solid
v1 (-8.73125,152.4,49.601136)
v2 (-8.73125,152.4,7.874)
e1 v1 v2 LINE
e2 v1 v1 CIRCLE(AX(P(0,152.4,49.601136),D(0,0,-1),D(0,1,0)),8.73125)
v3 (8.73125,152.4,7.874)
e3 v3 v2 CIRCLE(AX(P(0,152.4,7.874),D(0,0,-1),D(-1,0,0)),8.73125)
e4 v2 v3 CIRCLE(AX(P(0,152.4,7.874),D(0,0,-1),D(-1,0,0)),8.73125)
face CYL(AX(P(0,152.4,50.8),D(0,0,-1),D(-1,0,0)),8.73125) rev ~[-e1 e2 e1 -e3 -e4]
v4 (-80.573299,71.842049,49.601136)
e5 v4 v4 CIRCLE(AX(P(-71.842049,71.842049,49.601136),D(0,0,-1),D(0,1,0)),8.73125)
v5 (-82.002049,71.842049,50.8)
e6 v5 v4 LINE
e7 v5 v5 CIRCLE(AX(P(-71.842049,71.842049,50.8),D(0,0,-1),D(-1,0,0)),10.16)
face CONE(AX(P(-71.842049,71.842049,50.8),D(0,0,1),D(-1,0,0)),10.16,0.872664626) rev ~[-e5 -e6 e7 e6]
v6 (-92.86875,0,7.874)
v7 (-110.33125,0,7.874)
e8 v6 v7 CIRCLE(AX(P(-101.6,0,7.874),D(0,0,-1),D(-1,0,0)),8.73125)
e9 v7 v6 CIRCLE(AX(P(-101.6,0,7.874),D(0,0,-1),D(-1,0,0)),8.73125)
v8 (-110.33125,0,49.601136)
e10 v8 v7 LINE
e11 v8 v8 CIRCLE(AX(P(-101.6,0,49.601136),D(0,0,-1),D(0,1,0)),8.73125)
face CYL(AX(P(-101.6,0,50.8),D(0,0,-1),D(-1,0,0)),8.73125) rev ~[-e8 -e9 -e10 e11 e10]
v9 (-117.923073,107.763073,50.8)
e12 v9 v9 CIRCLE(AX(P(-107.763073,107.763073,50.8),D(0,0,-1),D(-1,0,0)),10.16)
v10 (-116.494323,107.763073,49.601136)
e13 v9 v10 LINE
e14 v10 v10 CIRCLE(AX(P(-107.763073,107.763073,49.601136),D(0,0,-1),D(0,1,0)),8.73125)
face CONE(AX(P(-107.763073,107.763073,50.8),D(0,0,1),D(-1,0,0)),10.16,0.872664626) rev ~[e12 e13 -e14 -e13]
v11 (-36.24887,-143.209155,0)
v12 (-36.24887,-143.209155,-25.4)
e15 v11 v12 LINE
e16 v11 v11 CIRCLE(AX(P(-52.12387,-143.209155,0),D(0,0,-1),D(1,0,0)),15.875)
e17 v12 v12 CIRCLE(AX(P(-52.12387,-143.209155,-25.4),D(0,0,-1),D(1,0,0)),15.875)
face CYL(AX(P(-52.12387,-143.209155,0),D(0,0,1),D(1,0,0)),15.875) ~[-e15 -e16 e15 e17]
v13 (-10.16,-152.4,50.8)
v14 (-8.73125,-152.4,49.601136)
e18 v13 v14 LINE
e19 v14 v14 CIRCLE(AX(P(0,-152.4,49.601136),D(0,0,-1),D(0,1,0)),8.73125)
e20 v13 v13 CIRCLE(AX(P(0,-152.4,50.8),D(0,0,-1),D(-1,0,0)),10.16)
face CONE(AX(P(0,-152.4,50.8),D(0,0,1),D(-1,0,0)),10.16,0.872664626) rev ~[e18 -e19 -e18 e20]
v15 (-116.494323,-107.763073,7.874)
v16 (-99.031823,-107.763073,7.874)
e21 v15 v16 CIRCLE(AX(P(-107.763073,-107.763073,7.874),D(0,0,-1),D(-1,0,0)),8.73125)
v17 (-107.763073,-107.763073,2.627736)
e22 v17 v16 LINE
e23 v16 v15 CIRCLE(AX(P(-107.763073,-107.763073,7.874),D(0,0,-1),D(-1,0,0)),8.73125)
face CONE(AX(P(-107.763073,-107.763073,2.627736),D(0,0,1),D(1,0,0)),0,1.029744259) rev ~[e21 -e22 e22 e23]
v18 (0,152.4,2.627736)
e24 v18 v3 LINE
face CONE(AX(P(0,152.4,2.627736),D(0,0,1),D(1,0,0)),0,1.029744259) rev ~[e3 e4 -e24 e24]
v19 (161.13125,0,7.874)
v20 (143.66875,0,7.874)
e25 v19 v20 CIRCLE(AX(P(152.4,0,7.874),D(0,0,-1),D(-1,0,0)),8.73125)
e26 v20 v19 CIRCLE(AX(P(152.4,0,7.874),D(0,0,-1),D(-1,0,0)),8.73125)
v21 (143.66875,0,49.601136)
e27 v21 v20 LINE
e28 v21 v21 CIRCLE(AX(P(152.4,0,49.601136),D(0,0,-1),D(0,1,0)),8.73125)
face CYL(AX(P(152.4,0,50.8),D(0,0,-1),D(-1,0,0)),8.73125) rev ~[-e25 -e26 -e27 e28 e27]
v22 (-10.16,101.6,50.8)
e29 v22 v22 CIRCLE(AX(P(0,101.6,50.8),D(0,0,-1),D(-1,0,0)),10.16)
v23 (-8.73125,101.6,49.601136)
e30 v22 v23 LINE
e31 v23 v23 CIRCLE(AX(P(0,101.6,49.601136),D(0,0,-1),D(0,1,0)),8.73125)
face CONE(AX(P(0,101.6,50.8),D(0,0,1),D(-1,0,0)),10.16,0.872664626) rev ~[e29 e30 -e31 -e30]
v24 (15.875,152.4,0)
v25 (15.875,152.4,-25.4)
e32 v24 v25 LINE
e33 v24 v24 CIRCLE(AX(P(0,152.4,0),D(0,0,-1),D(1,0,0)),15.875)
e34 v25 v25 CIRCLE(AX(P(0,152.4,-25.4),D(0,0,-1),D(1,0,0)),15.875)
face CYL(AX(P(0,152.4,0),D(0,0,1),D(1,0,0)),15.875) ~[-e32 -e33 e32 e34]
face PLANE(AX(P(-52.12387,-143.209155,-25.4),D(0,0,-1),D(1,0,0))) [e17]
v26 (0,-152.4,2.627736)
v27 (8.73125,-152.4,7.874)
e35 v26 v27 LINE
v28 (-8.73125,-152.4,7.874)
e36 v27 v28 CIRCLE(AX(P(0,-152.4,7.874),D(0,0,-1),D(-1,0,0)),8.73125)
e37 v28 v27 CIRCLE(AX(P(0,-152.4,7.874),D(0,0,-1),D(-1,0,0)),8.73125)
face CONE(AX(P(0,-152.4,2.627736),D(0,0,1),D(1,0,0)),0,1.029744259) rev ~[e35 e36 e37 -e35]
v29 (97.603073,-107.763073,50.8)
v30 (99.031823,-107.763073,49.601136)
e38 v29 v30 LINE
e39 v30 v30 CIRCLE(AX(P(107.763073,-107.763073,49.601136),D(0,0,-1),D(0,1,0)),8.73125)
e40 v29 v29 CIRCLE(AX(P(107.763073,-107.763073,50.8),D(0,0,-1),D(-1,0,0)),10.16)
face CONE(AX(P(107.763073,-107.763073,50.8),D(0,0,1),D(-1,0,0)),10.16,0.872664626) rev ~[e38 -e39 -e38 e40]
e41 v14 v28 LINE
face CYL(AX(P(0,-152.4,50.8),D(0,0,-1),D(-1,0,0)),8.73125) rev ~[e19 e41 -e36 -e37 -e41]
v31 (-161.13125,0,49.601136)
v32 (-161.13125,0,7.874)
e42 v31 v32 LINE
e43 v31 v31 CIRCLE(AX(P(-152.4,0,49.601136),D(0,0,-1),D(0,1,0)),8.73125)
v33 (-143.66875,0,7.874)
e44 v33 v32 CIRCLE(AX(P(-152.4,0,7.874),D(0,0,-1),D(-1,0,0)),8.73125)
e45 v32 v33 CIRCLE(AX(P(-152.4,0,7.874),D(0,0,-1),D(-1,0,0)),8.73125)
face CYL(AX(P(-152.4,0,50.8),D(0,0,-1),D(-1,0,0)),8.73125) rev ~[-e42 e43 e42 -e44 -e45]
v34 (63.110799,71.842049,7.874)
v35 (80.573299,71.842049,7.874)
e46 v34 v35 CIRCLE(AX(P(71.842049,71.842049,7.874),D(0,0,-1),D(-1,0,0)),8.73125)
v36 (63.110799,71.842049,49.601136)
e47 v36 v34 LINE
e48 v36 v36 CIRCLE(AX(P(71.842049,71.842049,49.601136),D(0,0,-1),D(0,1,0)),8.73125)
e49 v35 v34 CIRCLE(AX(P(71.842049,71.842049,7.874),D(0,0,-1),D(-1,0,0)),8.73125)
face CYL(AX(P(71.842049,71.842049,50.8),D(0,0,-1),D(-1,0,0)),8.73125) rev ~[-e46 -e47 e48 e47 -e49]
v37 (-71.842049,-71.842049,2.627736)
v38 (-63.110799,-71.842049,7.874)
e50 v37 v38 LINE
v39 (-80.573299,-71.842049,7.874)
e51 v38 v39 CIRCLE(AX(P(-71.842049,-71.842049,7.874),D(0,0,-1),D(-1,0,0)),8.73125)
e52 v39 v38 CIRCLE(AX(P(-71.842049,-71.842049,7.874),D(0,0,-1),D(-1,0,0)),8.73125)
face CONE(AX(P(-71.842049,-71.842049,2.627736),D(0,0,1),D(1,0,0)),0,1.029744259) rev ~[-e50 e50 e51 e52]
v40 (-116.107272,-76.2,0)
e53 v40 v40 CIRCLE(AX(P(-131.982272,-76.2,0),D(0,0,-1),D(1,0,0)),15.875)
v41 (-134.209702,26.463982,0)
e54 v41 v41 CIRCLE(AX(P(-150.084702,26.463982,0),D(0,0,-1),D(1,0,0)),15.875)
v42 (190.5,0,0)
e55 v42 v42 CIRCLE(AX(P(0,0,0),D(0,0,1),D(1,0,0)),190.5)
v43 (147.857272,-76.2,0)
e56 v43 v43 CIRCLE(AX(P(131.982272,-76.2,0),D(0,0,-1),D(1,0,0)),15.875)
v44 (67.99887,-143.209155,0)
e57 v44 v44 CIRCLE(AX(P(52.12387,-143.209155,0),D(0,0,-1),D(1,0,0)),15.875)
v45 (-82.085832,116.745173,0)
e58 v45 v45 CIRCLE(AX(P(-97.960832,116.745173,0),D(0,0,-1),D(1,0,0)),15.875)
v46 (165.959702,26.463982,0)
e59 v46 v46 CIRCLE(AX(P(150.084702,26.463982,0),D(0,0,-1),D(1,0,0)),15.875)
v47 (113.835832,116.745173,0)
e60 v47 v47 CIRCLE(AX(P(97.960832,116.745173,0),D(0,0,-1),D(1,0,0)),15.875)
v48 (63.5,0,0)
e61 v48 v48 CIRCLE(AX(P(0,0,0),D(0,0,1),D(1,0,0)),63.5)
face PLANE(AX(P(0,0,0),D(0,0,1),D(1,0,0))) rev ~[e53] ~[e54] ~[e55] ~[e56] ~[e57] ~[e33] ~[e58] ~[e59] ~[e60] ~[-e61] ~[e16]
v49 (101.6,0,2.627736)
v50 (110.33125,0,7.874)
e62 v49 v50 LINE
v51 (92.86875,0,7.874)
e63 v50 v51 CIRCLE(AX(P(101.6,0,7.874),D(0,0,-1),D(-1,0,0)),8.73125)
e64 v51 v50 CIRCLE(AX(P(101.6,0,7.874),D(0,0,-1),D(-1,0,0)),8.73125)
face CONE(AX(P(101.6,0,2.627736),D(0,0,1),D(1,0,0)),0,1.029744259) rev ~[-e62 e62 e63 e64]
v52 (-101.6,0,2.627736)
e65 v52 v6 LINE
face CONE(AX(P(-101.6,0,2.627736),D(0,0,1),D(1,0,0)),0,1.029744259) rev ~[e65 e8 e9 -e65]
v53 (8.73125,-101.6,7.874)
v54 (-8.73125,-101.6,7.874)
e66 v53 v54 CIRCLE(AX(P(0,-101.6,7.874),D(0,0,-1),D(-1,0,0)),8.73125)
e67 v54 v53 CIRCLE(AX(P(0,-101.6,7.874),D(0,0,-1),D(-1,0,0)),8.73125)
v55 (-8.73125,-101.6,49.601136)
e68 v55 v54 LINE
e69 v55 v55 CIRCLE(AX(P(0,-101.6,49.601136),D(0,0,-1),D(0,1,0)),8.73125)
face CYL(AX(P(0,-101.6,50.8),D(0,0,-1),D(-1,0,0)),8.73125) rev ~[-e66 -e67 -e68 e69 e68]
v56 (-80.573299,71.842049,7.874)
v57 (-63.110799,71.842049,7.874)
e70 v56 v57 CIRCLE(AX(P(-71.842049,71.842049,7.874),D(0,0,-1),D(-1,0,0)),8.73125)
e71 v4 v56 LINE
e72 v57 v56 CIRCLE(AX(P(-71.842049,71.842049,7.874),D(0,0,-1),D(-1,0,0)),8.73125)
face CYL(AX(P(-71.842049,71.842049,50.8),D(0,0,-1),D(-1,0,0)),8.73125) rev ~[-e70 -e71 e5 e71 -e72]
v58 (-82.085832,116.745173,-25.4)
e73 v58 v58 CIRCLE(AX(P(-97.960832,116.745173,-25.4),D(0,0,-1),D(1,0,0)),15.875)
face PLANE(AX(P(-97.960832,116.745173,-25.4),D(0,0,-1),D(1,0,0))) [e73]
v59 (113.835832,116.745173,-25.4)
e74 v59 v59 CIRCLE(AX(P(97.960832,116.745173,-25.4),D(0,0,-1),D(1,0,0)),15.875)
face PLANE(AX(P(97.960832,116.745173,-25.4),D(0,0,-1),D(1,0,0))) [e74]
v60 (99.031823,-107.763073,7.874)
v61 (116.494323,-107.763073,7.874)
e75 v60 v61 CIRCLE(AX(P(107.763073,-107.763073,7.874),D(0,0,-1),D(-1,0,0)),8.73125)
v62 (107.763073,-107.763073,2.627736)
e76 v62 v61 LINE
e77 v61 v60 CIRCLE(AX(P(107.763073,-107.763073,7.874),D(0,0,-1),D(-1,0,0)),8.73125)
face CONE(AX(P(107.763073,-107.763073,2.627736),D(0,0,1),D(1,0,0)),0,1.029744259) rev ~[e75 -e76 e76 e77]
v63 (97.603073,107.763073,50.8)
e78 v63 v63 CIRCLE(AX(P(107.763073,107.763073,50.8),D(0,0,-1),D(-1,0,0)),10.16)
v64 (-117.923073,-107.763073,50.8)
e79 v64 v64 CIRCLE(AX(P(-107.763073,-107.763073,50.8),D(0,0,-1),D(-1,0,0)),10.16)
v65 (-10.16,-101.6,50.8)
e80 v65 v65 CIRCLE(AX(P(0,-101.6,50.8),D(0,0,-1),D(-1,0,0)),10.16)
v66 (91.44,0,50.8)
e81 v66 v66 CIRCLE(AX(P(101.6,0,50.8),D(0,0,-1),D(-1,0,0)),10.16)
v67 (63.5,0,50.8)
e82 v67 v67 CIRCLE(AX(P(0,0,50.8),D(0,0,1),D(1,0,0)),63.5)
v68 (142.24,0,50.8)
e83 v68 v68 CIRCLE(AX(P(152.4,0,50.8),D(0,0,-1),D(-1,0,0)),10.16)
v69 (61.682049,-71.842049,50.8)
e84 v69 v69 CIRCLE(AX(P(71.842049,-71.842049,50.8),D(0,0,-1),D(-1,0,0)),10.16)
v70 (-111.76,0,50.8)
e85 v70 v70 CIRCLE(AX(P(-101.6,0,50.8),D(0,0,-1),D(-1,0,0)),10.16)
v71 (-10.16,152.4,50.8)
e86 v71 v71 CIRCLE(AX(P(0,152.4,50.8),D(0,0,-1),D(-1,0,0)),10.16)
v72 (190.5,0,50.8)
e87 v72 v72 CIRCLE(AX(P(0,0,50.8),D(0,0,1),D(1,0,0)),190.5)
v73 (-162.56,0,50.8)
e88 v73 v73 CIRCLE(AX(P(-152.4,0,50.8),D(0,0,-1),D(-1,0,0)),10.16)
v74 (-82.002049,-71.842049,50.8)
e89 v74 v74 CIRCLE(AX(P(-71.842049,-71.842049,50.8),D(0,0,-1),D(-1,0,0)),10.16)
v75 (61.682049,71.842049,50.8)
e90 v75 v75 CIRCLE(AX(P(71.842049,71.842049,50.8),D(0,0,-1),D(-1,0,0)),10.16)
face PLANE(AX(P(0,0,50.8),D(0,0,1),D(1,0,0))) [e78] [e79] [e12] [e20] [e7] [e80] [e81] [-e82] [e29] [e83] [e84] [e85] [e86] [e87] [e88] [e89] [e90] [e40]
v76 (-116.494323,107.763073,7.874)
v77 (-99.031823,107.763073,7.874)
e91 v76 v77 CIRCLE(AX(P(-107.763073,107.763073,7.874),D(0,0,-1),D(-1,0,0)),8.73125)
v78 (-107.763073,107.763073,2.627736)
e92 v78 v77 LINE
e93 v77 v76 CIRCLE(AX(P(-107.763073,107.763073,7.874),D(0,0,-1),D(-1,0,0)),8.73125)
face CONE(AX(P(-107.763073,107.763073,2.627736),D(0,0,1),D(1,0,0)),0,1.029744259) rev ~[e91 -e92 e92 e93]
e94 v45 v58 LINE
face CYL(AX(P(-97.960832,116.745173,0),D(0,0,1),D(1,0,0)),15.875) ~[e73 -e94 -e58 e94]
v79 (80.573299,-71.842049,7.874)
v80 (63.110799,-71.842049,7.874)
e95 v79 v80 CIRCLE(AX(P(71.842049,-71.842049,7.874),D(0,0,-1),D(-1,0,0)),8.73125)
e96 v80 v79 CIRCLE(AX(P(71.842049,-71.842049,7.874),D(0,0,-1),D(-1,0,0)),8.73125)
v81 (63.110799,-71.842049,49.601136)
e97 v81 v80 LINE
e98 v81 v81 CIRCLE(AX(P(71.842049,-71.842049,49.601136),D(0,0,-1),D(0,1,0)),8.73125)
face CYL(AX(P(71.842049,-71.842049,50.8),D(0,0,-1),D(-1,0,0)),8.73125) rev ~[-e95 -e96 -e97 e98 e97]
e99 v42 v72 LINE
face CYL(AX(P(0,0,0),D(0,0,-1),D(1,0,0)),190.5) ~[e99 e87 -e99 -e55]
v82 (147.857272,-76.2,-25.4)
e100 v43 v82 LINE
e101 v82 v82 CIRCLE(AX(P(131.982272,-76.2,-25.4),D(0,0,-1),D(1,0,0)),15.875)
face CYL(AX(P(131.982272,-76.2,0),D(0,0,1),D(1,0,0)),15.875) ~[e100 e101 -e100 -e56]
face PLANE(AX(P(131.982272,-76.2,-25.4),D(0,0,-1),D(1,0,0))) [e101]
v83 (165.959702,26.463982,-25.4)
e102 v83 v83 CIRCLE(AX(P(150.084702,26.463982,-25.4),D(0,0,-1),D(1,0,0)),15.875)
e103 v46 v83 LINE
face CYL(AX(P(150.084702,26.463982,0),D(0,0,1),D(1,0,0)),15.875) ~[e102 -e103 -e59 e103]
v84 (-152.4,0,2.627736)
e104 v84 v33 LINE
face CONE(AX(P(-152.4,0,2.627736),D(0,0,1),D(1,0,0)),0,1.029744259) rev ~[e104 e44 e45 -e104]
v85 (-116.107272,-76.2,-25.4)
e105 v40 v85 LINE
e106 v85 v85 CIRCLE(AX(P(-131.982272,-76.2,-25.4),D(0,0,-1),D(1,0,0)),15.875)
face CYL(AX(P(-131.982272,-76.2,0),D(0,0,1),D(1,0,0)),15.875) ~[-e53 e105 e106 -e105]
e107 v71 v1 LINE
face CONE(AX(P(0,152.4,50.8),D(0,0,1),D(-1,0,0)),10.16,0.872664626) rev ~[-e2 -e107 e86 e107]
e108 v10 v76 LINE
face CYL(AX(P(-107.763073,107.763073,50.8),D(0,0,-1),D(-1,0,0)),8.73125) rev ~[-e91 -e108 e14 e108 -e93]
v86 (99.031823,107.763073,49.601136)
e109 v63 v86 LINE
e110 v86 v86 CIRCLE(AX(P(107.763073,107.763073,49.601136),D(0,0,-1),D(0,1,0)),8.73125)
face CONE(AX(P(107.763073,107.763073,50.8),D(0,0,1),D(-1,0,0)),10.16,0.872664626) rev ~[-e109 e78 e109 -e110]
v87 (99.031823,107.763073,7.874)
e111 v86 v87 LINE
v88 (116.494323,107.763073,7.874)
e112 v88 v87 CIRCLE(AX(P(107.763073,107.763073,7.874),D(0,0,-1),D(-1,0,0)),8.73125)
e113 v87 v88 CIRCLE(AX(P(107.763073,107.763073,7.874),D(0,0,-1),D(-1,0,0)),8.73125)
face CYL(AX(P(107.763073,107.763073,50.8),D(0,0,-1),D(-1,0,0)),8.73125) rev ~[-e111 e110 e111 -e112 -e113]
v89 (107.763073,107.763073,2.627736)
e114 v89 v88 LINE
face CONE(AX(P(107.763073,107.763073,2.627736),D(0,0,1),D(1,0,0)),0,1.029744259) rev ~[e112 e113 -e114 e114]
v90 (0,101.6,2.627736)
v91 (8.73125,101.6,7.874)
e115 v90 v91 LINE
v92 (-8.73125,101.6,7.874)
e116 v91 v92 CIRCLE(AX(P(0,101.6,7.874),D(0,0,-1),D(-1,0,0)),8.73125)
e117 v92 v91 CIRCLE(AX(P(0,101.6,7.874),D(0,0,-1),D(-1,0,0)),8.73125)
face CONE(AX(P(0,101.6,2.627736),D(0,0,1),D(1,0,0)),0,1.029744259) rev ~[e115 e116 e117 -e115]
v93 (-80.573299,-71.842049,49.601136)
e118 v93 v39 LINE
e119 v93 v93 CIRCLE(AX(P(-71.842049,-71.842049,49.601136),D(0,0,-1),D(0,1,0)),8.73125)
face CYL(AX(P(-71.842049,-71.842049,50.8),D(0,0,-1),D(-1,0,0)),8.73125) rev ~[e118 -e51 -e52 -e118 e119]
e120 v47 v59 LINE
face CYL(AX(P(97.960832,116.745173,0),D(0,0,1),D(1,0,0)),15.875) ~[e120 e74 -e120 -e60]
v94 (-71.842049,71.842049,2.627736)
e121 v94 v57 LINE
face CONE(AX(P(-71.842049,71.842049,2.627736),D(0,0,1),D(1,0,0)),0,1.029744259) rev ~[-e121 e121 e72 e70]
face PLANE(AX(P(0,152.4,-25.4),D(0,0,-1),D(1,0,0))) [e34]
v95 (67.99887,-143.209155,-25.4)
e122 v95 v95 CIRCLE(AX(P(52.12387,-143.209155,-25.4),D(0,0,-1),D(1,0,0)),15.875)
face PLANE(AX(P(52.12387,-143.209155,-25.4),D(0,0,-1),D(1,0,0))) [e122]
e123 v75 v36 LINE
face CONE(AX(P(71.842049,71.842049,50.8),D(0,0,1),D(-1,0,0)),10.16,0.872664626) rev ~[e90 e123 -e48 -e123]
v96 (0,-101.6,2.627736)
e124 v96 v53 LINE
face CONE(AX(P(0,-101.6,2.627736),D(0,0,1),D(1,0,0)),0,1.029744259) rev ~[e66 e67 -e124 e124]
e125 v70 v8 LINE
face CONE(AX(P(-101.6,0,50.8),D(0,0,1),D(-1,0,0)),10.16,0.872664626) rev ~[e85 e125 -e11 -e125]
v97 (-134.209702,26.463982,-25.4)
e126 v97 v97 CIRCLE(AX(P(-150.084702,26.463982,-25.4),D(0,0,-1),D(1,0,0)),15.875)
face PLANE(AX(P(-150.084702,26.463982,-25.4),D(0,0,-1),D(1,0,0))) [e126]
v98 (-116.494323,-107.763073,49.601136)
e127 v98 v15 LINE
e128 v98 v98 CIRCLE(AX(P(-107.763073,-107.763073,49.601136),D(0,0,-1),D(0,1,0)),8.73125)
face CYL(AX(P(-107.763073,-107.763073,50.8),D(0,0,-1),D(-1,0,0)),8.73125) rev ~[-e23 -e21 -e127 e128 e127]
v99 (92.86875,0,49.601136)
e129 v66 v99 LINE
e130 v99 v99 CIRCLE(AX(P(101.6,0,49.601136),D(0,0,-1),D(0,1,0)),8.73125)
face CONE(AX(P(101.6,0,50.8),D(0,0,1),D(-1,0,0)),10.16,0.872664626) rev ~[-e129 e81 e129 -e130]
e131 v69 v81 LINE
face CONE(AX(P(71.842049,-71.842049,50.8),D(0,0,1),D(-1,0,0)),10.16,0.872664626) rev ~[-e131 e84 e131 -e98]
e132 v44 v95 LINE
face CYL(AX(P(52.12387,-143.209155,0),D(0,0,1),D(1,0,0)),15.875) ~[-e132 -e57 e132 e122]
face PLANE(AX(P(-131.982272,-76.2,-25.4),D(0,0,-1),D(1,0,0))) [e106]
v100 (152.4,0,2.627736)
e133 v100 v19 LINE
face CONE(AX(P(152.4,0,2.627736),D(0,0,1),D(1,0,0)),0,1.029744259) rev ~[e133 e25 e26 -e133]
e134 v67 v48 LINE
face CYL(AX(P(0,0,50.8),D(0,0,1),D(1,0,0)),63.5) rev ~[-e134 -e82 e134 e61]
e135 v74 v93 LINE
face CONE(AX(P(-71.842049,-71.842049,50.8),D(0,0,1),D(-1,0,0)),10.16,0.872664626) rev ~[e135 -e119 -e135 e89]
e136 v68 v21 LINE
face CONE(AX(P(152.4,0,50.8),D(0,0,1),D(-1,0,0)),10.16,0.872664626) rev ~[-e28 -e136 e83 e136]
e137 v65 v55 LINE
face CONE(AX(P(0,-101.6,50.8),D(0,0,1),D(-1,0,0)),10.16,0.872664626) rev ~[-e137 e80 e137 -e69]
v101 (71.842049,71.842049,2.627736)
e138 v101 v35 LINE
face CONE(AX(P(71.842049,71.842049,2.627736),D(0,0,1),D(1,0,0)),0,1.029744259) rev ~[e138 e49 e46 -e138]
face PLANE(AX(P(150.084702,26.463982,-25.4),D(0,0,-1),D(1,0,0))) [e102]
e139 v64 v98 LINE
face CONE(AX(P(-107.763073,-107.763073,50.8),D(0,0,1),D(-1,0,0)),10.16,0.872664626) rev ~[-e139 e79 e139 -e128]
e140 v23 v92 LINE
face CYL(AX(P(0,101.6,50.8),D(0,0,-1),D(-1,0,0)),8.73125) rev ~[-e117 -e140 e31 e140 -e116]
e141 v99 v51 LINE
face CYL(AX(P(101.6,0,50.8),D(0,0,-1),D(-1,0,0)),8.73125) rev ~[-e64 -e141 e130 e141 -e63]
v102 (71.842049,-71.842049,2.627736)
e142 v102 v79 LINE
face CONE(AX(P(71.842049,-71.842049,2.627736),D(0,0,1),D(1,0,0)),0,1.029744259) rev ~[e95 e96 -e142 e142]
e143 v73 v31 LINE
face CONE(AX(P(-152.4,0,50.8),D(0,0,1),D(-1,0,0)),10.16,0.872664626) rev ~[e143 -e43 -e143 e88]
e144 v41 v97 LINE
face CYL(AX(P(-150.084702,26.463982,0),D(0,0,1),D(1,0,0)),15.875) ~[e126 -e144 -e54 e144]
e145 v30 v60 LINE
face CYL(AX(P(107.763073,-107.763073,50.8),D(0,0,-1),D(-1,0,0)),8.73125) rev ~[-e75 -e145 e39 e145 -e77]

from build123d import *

# Parameters (mm, degrees)
SKETCH1_R                         = 190.5
BOSS_EXTRUDE1_DEPTH               = 50.8
SKETCH2_R                         = 63.5
CUT_EXTRUDE1_DEPTH                = 275.155320941
F_3_4_16_TAPPED_HOLE1_D           = 17.4625
F_3_4_16_TAPPED_HOLE1_DEPTH       = 42.926
F_3_4_16_TAPPED_HOLE1_CSINK_D     = 20.32
F_3_4_16_TAPPED_HOLE1_CSINK_ANGLE = 100
F_3_4_16_TAPPED_HOLE1_TIP         = 5.24626428
SKETCH5_R                         = 15.875
BOSS_EXTRUDE2_DEPTH               = 25.4


with BuildPart() as part:
    # Sketch1 → Boss-Extrude1 (new body)
    with BuildSketch(Plane.XY):
        Circle(SKETCH1_R)
    extrude(amount=BOSS_EXTRUDE1_DEPTH)

    # Sketch2 → Cut-Extrude1 (cut, through all)
    with BuildSketch(Plane.XY.offset(50.8)):
        Circle(SKETCH2_R)
    extrude(amount=-CUT_EXTRUDE1_DEPTH, mode=Mode.SUBTRACT)

    # 3/4-16 Tapped Hole1
    with Locations(Plane.XY.offset(50.8)):
        with Locations((0, 0), (0, 152.4), (0, 101.6), (71.842048969, 71.842048969), (101.6, 0), (107.763073453, 107.763073453), (71.842048969, -71.842048969), (0, -101.6), (-71.842048969, -71.842048969), (-101.6, 0), (-71.842048969, 71.842048969), (152.4, 0), (107.763073453, -107.763073453), (0, -152.4), (-107.763073453, -107.763073453), (-152.4, 0), (-107.763073453, 107.763073453)):
            CounterSinkHole(F_3_4_16_TAPPED_HOLE1_D / 2, F_3_4_16_TAPPED_HOLE1_CSINK_D / 2, depth=F_3_4_16_TAPPED_HOLE1_DEPTH, counter_sink_angle=F_3_4_16_TAPPED_HOLE1_CSINK_ANGLE)
            with Locations((0, 0, -(F_3_4_16_TAPPED_HOLE1_DEPTH + F_3_4_16_TAPPED_HOLE1_TIP / 2))):  # 118° drill point
                Cone(0, F_3_4_16_TAPPED_HOLE1_D / 2, F_3_4_16_TAPPED_HOLE1_TIP, mode=Mode.SUBTRACT)

    # Sketch5 → Boss-Extrude2 (add)
    with BuildSketch(Plane(origin=(0, 0, 0), x_dir=(-1, 0, 0), z_dir=(0, 0, -1))):
        with Locations(Location((0, 152.4, 0), (0, 0, 180))):
            Circle(SKETCH5_R)
        with Locations(Location((97.960831716, 116.745173131, 0), (0, 0, 180))):
            Circle(SKETCH5_R)
        with Locations(Location((150.084701559, 26.463982276, 0), (0, 0, 180))):
            Circle(SKETCH5_R)
        with Locations(Location((131.982271537, -76.2, 0), (0, 0, 180))):
            Circle(SKETCH5_R)
        with Locations(Location((52.123869843, -143.209155408, 0), (0, 0, 180))):
            Circle(SKETCH5_R)
        with Locations(Location((-52.123869843, -143.209155408, 0), (0, 0, 180))):
            Circle(SKETCH5_R)
        with Locations(Location((-131.982271537, -76.2, 0), (0, 0, 180))):
            Circle(SKETCH5_R)
        with Locations(Location((-150.084701559, 26.463982276, 0), (0, 0, 180))):
            Circle(SKETCH5_R)
        with Locations(Location((-97.960831716, 116.745173131, 0), (0, 0, 180))):
            Circle(SKETCH5_R)
    extrude(amount=BOSS_EXTRUDE2_DEPTH)


solid = part.part
